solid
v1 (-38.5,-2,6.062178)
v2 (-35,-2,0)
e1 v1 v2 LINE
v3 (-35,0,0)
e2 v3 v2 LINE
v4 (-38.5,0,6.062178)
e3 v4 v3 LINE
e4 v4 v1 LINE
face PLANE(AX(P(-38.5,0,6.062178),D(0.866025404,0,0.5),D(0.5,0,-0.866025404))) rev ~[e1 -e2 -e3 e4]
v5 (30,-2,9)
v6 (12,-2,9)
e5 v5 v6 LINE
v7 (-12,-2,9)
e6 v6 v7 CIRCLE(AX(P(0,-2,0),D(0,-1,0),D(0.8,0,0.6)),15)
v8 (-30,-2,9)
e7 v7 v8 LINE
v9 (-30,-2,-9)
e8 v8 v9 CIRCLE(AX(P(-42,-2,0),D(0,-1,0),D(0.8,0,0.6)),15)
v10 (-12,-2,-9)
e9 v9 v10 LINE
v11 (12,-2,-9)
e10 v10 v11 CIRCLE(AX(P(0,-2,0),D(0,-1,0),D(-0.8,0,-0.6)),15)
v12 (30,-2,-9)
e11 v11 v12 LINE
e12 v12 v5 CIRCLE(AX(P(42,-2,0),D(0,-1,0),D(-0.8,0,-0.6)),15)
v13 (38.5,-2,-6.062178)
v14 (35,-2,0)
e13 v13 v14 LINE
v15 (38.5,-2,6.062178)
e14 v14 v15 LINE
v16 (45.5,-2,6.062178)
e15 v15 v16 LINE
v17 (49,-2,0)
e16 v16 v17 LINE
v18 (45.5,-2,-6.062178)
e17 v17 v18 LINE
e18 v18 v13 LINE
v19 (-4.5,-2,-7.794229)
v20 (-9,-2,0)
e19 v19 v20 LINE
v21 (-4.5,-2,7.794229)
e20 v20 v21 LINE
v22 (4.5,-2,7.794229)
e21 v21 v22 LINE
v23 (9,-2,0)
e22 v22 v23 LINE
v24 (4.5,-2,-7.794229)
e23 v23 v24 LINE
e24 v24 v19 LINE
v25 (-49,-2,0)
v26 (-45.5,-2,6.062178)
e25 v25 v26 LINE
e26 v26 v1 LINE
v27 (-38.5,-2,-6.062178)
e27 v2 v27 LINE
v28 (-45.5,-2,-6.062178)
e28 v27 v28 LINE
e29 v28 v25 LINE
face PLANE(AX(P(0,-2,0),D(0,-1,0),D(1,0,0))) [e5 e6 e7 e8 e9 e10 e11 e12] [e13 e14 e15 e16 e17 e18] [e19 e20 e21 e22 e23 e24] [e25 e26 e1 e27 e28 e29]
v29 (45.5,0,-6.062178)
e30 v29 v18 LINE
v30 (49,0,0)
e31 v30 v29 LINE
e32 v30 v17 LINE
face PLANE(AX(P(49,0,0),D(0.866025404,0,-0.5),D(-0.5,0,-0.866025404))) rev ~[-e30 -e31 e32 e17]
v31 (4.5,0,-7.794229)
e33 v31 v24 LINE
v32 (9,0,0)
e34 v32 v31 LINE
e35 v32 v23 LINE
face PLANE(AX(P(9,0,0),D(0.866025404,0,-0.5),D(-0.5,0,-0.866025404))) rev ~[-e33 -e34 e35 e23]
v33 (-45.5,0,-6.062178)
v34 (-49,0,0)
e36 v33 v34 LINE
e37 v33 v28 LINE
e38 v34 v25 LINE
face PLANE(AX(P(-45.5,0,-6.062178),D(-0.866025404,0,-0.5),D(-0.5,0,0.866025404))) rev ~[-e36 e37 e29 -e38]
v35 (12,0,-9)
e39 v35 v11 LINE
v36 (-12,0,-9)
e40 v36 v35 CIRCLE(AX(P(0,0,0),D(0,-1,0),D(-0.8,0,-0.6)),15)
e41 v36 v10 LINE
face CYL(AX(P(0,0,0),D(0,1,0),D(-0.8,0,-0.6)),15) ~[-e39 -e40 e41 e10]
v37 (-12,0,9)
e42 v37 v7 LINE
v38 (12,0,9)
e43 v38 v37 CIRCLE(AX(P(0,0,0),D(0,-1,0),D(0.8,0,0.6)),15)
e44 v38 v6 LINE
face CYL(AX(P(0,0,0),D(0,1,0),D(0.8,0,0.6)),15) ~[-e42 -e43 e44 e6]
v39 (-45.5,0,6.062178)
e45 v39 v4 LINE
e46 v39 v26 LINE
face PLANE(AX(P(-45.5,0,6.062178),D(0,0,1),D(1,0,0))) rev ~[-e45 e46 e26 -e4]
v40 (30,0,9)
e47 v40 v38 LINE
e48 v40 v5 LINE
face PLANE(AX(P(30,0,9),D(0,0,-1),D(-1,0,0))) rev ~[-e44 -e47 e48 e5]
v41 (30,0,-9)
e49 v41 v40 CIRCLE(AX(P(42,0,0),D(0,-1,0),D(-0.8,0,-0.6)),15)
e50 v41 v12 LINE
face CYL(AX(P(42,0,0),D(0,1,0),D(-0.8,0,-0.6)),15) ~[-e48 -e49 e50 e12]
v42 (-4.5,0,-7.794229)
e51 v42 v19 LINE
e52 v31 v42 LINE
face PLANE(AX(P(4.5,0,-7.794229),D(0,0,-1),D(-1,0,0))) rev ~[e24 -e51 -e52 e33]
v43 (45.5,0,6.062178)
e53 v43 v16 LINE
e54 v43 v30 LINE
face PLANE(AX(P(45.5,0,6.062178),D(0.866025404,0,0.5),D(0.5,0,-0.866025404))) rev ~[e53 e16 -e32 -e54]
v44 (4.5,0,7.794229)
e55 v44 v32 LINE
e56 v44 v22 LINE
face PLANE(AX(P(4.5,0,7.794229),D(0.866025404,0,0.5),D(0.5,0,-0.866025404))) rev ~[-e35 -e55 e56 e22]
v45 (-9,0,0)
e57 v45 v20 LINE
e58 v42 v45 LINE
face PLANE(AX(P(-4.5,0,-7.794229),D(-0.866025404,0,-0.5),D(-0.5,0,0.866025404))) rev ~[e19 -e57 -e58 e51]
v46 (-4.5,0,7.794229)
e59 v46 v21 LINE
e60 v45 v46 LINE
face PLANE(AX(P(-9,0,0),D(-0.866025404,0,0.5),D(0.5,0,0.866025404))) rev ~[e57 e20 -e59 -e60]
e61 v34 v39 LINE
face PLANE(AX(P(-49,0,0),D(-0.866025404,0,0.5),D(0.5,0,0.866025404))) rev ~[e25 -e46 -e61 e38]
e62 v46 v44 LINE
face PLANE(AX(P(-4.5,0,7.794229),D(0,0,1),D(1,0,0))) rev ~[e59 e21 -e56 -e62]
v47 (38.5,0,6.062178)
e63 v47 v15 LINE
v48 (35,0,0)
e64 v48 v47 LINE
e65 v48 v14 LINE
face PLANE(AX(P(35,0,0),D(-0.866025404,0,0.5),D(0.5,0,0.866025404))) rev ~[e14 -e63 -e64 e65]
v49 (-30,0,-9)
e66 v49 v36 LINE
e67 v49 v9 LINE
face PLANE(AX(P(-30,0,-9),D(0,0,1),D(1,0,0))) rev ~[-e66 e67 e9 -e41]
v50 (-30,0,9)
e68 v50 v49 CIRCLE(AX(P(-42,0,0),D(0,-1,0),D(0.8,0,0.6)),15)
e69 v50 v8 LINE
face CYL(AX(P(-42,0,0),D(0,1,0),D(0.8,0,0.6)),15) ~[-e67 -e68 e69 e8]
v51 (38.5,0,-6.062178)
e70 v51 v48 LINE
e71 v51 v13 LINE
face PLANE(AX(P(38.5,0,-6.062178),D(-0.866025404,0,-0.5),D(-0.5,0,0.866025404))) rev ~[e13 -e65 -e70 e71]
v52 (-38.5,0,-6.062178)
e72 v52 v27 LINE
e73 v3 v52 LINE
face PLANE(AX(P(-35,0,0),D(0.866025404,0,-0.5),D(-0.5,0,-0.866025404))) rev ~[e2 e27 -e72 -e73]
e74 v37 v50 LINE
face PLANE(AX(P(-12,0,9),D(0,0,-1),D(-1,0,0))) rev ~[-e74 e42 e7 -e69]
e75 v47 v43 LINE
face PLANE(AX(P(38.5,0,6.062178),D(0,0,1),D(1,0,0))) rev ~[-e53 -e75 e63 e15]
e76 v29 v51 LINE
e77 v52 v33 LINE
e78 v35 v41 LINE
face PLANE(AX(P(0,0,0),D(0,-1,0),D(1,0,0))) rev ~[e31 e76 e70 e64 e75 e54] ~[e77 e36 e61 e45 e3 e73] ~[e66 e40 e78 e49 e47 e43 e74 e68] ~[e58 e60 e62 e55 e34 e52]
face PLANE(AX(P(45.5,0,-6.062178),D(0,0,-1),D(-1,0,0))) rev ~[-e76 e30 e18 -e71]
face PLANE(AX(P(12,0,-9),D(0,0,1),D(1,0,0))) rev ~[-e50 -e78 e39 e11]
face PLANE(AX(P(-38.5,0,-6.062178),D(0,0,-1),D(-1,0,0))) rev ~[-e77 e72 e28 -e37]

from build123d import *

# Parameters (mm, degrees)
F1_DEPTH = 2


with BuildPart() as f1:
    # F0 (on Front) → F1 (new body)
    with BuildSketch(Plane.XZ):
        with BuildLine():
            ThreePointArc((30, -9), (57, 0), (30, 9))
            Line((30, 9), (12, 9))
            ThreePointArc((12, 9), (0, 15), (-12, 9))
            Line((-12, 9), (-30, 9))
            ThreePointArc((-30, 9), (-57, 0), (-30, -9))
            Line((-30, -9), (-12, -9))
            ThreePointArc((-12, -9), (0, -15), (12, -9))
            Line((12, -9), (30, -9))
        make_face()
        Polygon((-45.5, 6.0621778265), (-38.5, 6.0621778265), (-35, 0), (-38.5, -6.0621778265), (-45.5, -6.0621778265), (-49, 0), align=None, mode=Mode.SUBTRACT)
        Polygon((-4.5, 7.7942286341), (4.5, 7.7942286341), (9, 0), (4.5, -7.7942286341), (-4.5, -7.7942286341), (-9, 0), align=None, mode=Mode.SUBTRACT)
        Polygon((38.5, 6.0621778265), (45.5, 6.0621778265), (49, 0), (45.5, -6.0621778265), (38.5, -6.0621778265), (35, 0), align=None, mode=Mode.SUBTRACT)
    extrude(amount=F1_DEPTH)


solid = f1.part
